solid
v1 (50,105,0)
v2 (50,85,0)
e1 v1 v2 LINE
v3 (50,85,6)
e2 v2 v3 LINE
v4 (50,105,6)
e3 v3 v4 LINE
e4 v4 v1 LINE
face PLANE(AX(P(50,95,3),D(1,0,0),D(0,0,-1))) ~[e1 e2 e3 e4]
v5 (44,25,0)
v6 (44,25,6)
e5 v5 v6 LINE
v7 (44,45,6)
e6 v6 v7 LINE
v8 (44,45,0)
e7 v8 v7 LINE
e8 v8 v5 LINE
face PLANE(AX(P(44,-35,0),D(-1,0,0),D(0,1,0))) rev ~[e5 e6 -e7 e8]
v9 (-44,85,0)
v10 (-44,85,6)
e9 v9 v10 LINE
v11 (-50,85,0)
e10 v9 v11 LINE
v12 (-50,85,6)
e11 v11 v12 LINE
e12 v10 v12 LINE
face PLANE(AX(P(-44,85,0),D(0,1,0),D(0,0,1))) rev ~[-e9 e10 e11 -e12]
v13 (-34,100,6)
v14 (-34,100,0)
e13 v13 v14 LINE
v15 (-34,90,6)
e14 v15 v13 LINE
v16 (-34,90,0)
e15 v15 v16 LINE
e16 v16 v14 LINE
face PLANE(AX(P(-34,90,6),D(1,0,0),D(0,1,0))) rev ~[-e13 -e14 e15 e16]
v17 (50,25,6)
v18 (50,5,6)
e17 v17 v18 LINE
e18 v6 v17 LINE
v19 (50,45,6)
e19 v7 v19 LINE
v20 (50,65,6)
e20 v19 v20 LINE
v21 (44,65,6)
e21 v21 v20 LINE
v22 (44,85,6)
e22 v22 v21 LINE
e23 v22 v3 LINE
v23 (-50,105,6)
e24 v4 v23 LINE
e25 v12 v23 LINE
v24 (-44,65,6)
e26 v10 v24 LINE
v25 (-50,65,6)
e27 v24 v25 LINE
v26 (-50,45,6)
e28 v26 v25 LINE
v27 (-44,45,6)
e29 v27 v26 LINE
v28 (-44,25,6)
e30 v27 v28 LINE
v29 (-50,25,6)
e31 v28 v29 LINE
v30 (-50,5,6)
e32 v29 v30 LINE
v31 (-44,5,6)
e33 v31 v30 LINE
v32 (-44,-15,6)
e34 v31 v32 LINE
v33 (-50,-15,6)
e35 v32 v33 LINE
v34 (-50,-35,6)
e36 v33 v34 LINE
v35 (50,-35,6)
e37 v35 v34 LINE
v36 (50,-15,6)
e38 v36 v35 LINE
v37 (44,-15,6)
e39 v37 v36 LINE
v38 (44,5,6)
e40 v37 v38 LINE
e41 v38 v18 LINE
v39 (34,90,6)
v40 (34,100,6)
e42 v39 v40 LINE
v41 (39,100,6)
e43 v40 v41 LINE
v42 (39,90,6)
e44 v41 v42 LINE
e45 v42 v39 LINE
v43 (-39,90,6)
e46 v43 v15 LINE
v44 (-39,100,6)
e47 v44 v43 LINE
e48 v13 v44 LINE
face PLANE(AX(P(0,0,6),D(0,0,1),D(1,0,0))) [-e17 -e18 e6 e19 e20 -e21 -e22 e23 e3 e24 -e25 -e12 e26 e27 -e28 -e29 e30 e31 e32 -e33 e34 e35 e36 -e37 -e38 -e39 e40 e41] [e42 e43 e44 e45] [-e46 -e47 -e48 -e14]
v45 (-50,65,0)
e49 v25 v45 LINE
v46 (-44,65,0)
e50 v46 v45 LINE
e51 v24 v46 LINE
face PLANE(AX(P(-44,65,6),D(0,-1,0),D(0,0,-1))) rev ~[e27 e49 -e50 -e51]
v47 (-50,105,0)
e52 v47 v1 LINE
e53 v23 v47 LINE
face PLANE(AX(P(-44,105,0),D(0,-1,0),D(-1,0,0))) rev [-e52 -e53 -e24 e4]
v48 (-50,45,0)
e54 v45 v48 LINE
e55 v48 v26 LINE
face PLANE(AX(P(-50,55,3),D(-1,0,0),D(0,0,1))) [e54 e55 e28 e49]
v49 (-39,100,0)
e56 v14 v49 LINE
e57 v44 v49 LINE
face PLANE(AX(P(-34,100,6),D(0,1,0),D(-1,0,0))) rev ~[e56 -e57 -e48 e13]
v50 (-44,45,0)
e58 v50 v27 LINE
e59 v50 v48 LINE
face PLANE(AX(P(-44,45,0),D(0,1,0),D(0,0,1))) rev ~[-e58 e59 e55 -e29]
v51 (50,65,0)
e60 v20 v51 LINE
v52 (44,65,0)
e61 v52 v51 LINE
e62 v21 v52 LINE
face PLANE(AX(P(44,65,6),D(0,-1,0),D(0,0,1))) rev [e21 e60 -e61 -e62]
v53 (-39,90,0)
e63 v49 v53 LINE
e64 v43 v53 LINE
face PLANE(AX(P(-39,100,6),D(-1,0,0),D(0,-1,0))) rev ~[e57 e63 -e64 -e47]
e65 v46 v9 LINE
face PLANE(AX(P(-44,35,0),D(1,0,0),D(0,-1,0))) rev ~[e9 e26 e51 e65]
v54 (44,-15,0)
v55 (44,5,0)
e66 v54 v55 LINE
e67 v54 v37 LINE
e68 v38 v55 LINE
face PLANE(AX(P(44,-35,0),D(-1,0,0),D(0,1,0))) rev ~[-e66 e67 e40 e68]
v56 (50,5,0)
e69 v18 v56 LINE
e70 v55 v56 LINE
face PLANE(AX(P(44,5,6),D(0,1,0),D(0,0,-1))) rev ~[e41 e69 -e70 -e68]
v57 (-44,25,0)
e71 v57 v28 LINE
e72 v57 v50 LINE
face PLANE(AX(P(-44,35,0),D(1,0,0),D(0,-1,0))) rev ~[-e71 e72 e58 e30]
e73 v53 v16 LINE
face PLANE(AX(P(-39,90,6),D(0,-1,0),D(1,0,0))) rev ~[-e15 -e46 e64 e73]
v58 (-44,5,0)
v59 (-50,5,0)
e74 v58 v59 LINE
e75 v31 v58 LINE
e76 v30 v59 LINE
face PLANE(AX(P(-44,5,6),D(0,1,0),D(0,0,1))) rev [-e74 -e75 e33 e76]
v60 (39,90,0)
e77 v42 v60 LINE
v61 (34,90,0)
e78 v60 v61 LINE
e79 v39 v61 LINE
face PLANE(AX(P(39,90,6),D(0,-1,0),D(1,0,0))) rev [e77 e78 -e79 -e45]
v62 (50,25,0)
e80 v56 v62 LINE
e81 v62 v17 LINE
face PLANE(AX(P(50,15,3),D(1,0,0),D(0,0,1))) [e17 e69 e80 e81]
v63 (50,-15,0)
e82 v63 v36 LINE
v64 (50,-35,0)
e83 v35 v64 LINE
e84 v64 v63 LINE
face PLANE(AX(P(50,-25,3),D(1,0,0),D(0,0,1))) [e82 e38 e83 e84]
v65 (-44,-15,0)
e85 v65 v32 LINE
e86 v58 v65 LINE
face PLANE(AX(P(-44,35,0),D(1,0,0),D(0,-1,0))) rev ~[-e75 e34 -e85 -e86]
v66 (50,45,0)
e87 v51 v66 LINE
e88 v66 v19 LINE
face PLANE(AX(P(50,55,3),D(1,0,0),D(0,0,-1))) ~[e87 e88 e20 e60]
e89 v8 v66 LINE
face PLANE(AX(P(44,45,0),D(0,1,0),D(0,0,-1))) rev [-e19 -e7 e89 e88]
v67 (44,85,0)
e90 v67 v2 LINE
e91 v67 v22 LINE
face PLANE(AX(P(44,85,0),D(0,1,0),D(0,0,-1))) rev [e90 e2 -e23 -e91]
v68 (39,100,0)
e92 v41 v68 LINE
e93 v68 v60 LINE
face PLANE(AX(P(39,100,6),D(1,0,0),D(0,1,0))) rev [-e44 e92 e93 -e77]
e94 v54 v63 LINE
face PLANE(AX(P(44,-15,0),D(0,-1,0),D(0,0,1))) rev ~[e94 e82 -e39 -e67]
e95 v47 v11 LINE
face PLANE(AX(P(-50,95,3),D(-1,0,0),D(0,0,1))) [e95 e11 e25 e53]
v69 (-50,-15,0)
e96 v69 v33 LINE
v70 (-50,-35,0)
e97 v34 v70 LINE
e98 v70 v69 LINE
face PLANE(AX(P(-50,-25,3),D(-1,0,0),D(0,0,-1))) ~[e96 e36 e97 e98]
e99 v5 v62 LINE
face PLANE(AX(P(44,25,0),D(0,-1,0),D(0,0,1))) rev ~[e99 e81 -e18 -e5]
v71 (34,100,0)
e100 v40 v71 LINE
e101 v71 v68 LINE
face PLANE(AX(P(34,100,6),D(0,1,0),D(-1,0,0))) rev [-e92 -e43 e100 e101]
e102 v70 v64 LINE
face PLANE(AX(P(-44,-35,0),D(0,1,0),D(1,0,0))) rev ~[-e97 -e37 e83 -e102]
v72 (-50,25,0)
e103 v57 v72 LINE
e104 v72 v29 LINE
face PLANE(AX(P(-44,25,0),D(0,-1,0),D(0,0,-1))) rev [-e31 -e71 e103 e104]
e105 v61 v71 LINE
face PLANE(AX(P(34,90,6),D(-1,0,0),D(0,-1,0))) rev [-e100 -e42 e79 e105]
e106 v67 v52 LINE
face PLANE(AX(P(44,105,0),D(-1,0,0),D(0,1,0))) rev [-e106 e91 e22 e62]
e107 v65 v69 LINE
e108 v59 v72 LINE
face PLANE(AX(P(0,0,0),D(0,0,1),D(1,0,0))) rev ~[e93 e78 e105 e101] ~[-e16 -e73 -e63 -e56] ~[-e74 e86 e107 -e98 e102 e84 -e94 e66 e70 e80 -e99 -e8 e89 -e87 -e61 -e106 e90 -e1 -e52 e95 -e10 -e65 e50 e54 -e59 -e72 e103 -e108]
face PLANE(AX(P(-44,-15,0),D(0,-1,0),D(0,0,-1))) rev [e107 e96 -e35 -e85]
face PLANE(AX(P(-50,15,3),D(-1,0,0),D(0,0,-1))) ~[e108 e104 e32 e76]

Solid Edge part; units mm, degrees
sketch "Sketch1" plane through (0, 0, 0) normal (0, 0, 1) x (1, 0, 0)
  line L0 (-44, -35) -> (44, -35)
  line L1 (44, -35) -> (44, 35)
  line L2 (44, 35) -> (-44, 35)
  line L3 (-44, 35) -> (-44, -35)
  dimension "D1" = 88
  dimension "D2" = 70
extrude "Protrusion1" add sketch "Sketch1" along normal blind 6
sketch "Sketch2" plane through (44, 0, 3) normal (1, 0, 0) x (0, 1, 0)
  line L0 (-35, 3) -> (-35, -3)
  line L1 (-35, -3) -> (-15, -3)
  line L2 (-15, -3) -> (-15, 3)
  line L3 (-15, 3) -> (-35, 3)
  line L4 (5, -3) -> (25, -3)
  line L5 (25, -3) -> (25, 3)
  line L6 (25, 3) -> (5, 3)
  line L7 (5, 3) -> (5, -3)
  dimension "D1" = 20
  dimension "D2" = 6
  dimension "D3" = 6
  dimension "D4" = 20
  dimension "D5" = 20
extrude "ExtrudedProtrusion_2" add sketch "Sketch2" along normal blind 6
mirror "Mirror1" about plane through (0, 0, 0) normal (1, 0, 0) of "ExtrudedProtrusion_2"
mirror "Mirror2" about plane through (0, 35, 3) normal (0, 1, 0) of "ExtrudedProtrusion_2", "Protrusion1", "Mirror1"
sketch "Sketch3" plane through (0, 35, 6) normal (0, 0, 1) x (1, 0, 0)
  line L0 (-39, 55) -> (-34, 55)
  line L1 (-34, 55) -> (-34, 65)
  line L2 (-34, 65) -> (-39, 65)
  line L3 (-39, 65) -> (-39, 55)
  dimension "D1" = 5
  dimension "D2" = 10
  dimension "D3" = 5
  dimension "D4" = 5
extrude "Cutout1" cut sketch "Sketch3" against normal through all
mirror "Mirror3" about plane through (0, 0, 0) normal (1, 0, 0) of "Cutout1"
properties material "Wood, Mahogany"
